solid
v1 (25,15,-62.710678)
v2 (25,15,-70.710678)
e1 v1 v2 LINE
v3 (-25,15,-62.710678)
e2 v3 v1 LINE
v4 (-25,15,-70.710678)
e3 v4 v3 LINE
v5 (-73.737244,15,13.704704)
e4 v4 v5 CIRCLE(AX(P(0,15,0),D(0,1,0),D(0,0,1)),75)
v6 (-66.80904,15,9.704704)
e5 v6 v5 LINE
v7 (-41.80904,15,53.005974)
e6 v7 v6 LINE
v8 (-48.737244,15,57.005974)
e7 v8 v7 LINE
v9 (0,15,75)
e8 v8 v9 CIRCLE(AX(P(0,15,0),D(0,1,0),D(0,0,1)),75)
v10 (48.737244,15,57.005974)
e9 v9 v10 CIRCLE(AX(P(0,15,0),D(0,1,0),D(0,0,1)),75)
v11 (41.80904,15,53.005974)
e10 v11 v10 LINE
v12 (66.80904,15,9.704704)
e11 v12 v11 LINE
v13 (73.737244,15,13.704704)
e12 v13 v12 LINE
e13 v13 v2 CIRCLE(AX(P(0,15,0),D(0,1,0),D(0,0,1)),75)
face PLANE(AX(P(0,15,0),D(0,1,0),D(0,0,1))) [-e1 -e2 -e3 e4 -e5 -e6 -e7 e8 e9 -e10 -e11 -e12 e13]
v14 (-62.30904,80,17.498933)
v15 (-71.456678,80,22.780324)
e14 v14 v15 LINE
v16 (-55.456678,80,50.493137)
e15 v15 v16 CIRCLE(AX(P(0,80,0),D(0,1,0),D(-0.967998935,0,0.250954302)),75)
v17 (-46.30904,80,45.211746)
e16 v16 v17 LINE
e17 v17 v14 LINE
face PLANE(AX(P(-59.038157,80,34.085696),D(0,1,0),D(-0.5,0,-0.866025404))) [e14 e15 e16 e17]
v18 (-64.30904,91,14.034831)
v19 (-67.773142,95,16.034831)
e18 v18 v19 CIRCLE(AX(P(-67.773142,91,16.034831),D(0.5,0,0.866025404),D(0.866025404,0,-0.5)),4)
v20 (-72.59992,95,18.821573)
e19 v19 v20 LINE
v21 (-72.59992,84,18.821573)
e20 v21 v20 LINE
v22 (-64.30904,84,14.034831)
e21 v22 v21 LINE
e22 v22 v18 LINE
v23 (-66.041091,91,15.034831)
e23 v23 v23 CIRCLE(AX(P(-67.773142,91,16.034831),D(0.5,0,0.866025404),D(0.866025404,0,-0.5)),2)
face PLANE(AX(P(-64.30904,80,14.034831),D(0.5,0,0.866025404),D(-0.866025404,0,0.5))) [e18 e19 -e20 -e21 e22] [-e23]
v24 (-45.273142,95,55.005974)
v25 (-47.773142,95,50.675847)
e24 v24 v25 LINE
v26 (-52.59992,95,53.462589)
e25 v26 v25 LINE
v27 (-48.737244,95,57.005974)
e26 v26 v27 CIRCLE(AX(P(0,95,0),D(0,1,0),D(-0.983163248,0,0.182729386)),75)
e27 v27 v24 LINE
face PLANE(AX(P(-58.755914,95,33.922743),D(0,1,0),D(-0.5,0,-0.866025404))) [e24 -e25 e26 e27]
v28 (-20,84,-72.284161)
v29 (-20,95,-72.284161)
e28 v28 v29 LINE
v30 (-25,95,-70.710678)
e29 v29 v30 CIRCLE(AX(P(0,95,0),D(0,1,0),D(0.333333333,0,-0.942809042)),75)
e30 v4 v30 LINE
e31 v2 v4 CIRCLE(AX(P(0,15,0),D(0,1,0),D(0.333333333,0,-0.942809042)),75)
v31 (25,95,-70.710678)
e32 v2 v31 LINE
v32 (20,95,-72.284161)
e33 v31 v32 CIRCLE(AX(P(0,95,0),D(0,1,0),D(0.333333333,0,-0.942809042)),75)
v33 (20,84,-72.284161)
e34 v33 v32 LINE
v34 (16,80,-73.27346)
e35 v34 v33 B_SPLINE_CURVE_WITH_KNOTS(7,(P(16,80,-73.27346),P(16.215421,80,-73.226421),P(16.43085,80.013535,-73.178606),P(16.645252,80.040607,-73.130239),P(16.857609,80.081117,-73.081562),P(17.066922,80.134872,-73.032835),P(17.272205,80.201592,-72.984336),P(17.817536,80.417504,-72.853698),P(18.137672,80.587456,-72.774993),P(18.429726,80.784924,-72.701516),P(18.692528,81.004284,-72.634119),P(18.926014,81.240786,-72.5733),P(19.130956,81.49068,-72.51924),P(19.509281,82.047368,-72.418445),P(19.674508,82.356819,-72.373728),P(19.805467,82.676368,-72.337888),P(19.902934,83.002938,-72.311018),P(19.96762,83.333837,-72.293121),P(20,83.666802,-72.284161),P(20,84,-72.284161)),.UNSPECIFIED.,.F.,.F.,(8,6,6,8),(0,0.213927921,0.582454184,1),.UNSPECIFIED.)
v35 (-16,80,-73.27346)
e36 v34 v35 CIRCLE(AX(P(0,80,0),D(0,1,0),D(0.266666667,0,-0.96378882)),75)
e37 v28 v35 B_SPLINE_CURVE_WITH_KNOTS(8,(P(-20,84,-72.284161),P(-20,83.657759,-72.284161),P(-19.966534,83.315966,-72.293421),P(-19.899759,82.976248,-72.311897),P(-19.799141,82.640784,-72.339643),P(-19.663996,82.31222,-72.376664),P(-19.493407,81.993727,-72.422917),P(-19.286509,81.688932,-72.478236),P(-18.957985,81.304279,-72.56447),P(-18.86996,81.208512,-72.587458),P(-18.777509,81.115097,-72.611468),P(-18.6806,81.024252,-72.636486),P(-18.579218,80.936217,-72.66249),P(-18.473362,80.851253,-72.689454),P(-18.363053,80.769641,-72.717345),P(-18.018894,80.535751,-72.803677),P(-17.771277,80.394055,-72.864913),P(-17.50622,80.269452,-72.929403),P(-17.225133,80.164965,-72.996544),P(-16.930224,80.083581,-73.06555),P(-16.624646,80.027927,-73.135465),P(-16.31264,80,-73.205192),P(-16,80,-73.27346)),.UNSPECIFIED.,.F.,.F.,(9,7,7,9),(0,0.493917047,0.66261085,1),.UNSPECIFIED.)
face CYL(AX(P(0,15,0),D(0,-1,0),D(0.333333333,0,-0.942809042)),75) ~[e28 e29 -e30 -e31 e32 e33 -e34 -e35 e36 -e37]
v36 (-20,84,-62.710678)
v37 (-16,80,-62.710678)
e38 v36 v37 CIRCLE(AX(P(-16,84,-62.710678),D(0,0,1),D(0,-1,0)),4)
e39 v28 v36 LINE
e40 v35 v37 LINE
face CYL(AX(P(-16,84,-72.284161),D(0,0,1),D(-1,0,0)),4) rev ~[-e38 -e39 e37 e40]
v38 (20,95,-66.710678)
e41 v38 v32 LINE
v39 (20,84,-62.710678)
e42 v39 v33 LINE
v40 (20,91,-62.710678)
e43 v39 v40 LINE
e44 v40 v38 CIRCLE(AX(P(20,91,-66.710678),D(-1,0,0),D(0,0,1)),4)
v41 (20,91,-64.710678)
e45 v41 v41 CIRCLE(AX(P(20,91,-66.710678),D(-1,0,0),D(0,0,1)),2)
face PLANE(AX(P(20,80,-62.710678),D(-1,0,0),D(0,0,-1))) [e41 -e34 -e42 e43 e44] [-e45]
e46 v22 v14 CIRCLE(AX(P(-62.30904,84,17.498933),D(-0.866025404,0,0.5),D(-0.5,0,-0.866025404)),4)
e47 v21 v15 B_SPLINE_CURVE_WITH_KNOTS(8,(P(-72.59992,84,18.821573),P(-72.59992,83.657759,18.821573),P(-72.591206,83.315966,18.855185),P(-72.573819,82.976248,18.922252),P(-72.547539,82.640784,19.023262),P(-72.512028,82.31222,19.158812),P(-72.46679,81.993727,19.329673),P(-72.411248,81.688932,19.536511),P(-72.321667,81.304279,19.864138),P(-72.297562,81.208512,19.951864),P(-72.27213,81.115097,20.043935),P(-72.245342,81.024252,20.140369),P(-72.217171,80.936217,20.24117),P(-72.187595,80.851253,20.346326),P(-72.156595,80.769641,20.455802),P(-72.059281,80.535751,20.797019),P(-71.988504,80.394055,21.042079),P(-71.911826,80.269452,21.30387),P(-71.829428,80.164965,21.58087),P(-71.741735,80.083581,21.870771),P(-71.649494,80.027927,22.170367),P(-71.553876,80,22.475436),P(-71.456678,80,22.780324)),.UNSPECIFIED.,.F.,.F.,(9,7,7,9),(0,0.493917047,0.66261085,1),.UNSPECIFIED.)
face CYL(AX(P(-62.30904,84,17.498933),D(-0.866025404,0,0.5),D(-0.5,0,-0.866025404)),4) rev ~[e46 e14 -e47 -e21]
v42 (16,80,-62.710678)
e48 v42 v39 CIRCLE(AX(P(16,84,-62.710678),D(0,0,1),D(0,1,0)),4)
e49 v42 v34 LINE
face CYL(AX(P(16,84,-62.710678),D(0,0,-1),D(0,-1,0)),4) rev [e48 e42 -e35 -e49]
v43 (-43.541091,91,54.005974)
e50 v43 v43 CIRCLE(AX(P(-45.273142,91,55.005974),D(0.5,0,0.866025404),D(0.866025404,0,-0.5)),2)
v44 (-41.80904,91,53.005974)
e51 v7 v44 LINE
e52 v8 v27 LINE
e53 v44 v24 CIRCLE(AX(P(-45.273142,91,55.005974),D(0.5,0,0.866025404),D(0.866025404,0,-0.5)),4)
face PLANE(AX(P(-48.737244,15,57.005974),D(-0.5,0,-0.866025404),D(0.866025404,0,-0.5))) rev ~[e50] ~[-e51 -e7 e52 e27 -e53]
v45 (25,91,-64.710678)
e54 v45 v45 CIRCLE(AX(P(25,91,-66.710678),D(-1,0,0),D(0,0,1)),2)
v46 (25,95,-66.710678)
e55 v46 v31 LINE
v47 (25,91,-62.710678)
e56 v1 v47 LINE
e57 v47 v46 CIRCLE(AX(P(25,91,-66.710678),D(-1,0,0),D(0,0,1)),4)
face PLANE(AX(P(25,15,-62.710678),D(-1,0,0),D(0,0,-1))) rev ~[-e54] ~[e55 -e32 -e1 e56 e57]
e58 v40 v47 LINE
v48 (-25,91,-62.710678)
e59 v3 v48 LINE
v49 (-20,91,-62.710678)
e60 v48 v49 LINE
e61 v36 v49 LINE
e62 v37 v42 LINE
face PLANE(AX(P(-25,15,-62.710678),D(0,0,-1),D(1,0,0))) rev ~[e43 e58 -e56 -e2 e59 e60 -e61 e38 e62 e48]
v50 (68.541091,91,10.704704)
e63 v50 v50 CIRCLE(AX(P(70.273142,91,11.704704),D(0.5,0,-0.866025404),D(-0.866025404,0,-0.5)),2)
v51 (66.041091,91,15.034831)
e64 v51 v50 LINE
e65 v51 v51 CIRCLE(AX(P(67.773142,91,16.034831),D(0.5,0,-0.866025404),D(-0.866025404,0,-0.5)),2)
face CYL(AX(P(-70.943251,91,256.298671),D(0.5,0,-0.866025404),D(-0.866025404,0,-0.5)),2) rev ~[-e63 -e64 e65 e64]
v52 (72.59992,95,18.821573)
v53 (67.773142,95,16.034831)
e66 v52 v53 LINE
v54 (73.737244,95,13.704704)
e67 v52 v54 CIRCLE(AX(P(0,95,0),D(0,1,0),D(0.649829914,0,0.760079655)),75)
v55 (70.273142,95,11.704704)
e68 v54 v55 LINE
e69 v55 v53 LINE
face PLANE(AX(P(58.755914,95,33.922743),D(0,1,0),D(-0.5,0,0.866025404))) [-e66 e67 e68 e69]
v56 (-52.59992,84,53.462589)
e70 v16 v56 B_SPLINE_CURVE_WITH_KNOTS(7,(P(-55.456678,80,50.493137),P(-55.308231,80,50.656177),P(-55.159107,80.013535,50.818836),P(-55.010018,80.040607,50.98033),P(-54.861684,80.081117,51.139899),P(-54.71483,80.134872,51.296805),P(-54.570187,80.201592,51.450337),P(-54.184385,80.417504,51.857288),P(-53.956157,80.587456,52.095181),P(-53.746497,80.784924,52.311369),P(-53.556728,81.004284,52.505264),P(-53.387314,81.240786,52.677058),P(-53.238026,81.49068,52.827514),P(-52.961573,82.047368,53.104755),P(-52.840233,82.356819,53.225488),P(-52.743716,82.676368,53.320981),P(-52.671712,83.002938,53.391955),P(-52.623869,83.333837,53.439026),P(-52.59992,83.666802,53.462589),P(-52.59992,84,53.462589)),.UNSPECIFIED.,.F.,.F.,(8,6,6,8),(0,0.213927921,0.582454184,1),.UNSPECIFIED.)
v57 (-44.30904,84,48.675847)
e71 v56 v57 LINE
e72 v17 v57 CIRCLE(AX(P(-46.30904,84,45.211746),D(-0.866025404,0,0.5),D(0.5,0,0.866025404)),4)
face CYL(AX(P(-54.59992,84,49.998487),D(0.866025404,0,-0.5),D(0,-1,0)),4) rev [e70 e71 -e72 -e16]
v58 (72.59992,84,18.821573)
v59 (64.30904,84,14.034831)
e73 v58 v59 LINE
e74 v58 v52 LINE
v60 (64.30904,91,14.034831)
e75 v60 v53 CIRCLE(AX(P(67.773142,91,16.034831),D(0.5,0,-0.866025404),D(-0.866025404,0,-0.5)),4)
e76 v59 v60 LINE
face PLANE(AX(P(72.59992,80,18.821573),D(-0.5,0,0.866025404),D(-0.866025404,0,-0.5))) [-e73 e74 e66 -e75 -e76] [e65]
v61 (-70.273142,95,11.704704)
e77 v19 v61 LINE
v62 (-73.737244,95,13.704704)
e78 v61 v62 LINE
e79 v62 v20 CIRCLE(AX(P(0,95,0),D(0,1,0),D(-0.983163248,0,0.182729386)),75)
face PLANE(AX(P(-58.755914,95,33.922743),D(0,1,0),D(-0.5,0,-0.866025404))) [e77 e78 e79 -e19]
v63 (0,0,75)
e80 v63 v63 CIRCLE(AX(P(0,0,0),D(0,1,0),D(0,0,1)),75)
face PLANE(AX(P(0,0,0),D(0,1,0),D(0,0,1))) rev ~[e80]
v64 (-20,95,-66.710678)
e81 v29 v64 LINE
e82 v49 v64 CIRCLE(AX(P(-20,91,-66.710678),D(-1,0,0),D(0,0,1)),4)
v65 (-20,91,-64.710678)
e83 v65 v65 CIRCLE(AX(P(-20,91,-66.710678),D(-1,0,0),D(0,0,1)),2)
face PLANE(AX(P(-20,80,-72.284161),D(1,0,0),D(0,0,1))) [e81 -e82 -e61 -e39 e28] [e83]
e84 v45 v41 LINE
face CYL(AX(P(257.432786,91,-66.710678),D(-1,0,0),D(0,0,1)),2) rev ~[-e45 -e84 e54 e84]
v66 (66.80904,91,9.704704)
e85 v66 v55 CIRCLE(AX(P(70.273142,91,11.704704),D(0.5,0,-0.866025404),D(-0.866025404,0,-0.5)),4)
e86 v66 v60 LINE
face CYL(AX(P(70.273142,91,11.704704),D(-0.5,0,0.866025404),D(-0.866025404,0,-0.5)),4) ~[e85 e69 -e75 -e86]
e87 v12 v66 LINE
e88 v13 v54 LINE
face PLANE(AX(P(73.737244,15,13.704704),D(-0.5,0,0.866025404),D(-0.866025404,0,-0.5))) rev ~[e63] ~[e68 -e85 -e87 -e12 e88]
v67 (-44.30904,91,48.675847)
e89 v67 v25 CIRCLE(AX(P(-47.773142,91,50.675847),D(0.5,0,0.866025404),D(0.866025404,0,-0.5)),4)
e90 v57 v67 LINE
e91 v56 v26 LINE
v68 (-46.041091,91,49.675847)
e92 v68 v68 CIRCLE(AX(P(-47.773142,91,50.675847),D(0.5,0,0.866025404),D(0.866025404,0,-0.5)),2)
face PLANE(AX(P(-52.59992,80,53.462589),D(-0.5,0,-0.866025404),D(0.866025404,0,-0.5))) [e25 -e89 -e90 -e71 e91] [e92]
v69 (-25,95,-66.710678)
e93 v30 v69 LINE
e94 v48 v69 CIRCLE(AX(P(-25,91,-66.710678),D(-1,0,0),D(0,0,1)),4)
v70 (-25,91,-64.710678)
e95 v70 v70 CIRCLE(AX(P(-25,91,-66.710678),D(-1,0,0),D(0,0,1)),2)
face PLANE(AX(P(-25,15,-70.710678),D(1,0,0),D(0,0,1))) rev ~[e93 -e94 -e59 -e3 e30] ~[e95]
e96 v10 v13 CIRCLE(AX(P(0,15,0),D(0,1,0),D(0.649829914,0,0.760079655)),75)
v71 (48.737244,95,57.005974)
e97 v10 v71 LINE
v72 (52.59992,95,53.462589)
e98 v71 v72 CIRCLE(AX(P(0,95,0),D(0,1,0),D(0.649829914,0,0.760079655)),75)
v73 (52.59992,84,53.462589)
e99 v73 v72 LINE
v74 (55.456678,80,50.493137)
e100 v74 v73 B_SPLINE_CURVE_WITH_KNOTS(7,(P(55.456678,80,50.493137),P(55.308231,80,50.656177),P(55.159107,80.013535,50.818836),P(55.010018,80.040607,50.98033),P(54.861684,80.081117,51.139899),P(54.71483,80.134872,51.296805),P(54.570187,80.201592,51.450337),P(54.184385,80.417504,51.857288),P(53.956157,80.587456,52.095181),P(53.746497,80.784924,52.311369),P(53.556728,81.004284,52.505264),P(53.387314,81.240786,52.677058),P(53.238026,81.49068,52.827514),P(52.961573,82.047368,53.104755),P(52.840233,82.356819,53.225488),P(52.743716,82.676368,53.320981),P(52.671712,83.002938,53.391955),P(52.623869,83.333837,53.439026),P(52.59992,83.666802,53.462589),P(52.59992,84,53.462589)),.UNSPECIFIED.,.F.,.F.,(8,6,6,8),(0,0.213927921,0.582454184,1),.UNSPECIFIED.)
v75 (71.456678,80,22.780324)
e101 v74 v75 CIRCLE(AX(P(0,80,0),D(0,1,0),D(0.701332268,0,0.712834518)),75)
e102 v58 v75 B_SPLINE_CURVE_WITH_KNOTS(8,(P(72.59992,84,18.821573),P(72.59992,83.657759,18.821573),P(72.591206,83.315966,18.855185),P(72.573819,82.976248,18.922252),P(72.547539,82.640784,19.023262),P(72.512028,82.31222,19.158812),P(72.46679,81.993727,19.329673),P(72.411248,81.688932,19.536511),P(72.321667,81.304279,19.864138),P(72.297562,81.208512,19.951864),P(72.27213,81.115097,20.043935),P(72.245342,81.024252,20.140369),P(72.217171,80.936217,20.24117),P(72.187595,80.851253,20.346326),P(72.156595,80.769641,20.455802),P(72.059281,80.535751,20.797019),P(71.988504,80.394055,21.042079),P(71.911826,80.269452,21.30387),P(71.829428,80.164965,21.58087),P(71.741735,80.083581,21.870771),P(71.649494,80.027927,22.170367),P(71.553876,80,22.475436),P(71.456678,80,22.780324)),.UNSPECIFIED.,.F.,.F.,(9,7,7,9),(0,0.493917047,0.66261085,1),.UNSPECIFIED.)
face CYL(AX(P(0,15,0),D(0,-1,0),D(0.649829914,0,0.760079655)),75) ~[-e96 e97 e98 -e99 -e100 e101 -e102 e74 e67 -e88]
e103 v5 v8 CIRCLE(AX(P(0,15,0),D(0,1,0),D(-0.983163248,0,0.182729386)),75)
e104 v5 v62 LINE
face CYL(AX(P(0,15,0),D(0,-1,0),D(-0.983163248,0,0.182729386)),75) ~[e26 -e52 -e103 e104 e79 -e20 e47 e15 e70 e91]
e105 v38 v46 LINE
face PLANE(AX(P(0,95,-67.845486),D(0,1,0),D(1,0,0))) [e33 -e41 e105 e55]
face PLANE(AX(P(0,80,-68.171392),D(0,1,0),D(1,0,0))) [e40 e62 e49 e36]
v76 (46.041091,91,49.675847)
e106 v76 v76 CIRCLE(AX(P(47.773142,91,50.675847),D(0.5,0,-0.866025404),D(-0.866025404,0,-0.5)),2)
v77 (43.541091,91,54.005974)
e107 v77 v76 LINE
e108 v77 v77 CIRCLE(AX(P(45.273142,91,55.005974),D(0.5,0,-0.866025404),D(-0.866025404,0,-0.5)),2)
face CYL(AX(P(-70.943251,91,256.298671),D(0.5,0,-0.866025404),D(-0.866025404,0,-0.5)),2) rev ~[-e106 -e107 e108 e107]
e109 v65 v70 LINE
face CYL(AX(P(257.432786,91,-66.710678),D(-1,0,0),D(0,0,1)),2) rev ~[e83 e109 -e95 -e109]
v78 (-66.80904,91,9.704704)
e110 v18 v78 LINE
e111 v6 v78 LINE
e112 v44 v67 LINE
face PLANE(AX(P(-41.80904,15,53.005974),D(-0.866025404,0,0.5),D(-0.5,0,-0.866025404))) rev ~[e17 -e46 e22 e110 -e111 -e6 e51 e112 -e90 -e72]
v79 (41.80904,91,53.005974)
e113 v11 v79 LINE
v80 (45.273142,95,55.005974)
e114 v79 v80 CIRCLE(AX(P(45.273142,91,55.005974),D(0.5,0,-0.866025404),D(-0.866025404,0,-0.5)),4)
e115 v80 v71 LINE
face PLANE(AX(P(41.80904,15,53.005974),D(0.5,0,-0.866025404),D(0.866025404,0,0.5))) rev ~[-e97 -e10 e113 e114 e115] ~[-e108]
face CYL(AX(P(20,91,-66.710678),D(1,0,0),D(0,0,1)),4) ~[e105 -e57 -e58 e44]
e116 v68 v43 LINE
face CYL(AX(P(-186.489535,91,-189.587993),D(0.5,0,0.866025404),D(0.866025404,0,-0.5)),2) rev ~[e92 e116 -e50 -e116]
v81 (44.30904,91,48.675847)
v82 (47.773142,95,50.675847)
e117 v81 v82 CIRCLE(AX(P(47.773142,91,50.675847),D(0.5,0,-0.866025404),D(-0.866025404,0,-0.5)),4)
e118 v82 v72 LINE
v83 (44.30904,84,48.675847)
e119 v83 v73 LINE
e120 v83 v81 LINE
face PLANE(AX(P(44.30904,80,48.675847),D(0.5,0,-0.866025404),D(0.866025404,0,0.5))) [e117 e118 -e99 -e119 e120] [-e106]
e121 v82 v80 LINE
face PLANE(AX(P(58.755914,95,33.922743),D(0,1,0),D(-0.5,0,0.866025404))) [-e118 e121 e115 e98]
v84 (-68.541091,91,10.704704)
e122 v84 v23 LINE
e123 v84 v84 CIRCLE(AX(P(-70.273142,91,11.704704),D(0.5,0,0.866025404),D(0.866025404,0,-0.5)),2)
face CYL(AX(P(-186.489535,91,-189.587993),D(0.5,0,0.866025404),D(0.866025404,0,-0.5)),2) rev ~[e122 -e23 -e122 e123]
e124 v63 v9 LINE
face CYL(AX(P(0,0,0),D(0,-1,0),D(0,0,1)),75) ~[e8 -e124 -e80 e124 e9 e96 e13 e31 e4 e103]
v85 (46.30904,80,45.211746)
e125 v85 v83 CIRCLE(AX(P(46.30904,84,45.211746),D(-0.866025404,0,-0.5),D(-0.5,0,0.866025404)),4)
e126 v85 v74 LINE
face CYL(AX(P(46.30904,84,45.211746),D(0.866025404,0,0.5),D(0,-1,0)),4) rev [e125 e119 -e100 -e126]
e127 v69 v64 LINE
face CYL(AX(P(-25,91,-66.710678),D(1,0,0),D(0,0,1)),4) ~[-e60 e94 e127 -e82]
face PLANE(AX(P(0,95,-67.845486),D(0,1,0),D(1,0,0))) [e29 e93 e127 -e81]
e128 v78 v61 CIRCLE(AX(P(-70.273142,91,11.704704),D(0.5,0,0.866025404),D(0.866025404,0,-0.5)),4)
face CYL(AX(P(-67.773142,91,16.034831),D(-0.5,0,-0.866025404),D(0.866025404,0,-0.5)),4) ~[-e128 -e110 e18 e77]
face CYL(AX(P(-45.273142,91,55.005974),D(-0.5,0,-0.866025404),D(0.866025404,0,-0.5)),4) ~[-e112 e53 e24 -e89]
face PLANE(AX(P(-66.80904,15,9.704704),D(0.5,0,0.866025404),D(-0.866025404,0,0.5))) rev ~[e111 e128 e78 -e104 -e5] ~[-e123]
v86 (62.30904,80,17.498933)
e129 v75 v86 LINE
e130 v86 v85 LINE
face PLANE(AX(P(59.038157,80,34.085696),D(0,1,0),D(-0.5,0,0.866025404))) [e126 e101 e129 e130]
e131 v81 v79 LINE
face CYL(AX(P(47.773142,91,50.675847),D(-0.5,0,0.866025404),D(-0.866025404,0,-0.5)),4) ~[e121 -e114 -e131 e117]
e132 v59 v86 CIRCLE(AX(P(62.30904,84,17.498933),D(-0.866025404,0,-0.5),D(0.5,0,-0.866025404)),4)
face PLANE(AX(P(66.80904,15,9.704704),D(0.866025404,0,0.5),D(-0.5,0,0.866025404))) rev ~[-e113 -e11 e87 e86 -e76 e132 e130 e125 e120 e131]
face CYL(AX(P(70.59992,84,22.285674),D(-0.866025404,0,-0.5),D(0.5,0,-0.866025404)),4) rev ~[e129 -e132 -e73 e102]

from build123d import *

# Parameters (mm, degrees)
SKETCH1_R                = 75
BOSS_EXTRUDE1_DEPTH      = 15
BOSS_EXTRUDE2_DEPTH      = 80
CUT_EXTRUDE1_START       = -15
CUT_EXTRUDE1_DEPTH       = 15
F_4_0_MM_DOWEL_HOLES1_D  = 4
FILLET1_R                = 4
FILLET2_R                = 4
CIRPATTERN1_COUNT        = 3
FILLET1_OF_CIRPATTERN1_R = 4
FILLET2_OF_CIRPATTERN1_R = 4


with BuildPart() as part:
    # Sketch1 → Boss-Extrude1 (new body)
    with BuildSketch(Plane(origin=(0, 0, 0), x_dir=(1, 0, 0), z_dir=(0, 1, 0))):
        with Locations(Location((0, 0, 0), (0, 0, 270))):
            Circle(SKETCH1_R)
    extrude(amount=BOSS_EXTRUDE1_DEPTH)

    # Sketch2 → Boss-Extrude2 (add)
    with BuildSketch(Plane(origin=(0, 15, 0), x_dir=(1, 0, 0), z_dir=(0, 1, 0))):
        with BuildLine():
            Line((-25, 70.710678119), (-25, 62.710678119))
            Line((-25, 62.710678119), (25, 62.710678119))
            Line((25, 62.710678119), (25, 70.710678119))
            ThreePointArc((25, 70.710678119), (0, 75), (-25, 70.710678119))
        make_face()
    boss_extrude2 = extrude(amount=BOSS_EXTRUDE2_DEPTH)

    # Sketch3 → Cut-Extrude1 (cut)
    with BuildSketch(Plane(origin=(0, 95, 0), x_dir=(1, 0, 0), z_dir=(0, 1, 0)).offset(CUT_EXTRUDE1_START)):
        with BuildLine():
            Line((-20, 72.284161474), (-20, 62.710678119))
            Line((-20, 62.710678119), (20, 62.710678119))
            Line((20, 62.710678119), (20, 72.284161474))
            ThreePointArc((20, 72.284161474), (0, 75), (-20, 72.284161474))
        make_face()
    cut_extrude1 = extrude(amount=CUT_EXTRUDE1_DEPTH, mode=Mode.SUBTRACT)

    # Ø4.0 mm Dowel Holes1 (through all)
    with Locations(Plane(origin=(25, 0, 0), x_dir=(0, 0, -1), z_dir=(1, 0, 0))):
        with Locations((66.710678119, 91)):
            f_4_0_mm_dowel_holes1 = Hole(F_4_0_MM_DOWEL_HOLES1_D / 2)

    # Fillet1
    fillet1_edges = [part.edges().sort_by_distance(p)[0] for p in [
        (22.5, 95, -62.710678119),
        (-22.5, 95, -62.710678119),
    ]]
    fillet(fillet1_edges, radius=FILLET1_R)

    # Fillet2
    fillet2_edges = [part.edges().sort_by_distance(p)[0] for p in [
        (20, 80, -67.497419796),
        (-20, 80, -67.497419796),
    ]]
    fillet(fillet2_edges, radius=FILLET2_R)

    # CirPattern1: Boss-Extrude2, Cut-Extrude1, Ø4.0 mm Dowel Holes1 ×3 about axis
    cirpattern1_axis = Axis((0, 0, 0), (0, 1, 0))
    add([boss_extrude2.rotate(cirpattern1_axis, i * 360 / CIRPATTERN1_COUNT) for i in range(1, CIRPATTERN1_COUNT)])
    add([cut_extrude1.rotate(cirpattern1_axis, i * 360 / CIRPATTERN1_COUNT) for i in range(1, CIRPATTERN1_COUNT)], mode=Mode.SUBTRACT)
    add([f_4_0_mm_dowel_holes1.rotate(cirpattern1_axis, i * 360 / CIRPATTERN1_COUNT) for i in range(1, CIRPATTERN1_COUNT)], mode=Mode.SUBTRACT)

    # Fillet1 of CirPattern1
    fillet1_of_cirpattern1_edges = [part.edges().sort_by_distance(p)[0] for p in [
        (-65.559040339, 95, 11.869767474),
        (-43.059040339, 95, 50.840910644),
        (43.059040339, 95, 50.840910644),
        (65.559040339, 95, 11.869767474),
    ]]
    fillet(fillet1_of_cirpattern1_edges, radius=FILLET1_OF_CIRPATTERN1_R)

    # Fillet2 of CirPattern1
    fillet2_of_cirpattern1_edges = [part.edges().sort_by_distance(p)[0] for p in [
        (-68.454480234, 80, 16.428201822),
        (-48.454480234, 80, 51.069217974),
        (48.454480234, 80, 51.069217974),
        (68.454480234, 80, 16.428201822),
    ]]
    fillet(fillet2_of_cirpattern1_edges, radius=FILLET2_OF_CIRPATTERN1_R)


solid = part.part
